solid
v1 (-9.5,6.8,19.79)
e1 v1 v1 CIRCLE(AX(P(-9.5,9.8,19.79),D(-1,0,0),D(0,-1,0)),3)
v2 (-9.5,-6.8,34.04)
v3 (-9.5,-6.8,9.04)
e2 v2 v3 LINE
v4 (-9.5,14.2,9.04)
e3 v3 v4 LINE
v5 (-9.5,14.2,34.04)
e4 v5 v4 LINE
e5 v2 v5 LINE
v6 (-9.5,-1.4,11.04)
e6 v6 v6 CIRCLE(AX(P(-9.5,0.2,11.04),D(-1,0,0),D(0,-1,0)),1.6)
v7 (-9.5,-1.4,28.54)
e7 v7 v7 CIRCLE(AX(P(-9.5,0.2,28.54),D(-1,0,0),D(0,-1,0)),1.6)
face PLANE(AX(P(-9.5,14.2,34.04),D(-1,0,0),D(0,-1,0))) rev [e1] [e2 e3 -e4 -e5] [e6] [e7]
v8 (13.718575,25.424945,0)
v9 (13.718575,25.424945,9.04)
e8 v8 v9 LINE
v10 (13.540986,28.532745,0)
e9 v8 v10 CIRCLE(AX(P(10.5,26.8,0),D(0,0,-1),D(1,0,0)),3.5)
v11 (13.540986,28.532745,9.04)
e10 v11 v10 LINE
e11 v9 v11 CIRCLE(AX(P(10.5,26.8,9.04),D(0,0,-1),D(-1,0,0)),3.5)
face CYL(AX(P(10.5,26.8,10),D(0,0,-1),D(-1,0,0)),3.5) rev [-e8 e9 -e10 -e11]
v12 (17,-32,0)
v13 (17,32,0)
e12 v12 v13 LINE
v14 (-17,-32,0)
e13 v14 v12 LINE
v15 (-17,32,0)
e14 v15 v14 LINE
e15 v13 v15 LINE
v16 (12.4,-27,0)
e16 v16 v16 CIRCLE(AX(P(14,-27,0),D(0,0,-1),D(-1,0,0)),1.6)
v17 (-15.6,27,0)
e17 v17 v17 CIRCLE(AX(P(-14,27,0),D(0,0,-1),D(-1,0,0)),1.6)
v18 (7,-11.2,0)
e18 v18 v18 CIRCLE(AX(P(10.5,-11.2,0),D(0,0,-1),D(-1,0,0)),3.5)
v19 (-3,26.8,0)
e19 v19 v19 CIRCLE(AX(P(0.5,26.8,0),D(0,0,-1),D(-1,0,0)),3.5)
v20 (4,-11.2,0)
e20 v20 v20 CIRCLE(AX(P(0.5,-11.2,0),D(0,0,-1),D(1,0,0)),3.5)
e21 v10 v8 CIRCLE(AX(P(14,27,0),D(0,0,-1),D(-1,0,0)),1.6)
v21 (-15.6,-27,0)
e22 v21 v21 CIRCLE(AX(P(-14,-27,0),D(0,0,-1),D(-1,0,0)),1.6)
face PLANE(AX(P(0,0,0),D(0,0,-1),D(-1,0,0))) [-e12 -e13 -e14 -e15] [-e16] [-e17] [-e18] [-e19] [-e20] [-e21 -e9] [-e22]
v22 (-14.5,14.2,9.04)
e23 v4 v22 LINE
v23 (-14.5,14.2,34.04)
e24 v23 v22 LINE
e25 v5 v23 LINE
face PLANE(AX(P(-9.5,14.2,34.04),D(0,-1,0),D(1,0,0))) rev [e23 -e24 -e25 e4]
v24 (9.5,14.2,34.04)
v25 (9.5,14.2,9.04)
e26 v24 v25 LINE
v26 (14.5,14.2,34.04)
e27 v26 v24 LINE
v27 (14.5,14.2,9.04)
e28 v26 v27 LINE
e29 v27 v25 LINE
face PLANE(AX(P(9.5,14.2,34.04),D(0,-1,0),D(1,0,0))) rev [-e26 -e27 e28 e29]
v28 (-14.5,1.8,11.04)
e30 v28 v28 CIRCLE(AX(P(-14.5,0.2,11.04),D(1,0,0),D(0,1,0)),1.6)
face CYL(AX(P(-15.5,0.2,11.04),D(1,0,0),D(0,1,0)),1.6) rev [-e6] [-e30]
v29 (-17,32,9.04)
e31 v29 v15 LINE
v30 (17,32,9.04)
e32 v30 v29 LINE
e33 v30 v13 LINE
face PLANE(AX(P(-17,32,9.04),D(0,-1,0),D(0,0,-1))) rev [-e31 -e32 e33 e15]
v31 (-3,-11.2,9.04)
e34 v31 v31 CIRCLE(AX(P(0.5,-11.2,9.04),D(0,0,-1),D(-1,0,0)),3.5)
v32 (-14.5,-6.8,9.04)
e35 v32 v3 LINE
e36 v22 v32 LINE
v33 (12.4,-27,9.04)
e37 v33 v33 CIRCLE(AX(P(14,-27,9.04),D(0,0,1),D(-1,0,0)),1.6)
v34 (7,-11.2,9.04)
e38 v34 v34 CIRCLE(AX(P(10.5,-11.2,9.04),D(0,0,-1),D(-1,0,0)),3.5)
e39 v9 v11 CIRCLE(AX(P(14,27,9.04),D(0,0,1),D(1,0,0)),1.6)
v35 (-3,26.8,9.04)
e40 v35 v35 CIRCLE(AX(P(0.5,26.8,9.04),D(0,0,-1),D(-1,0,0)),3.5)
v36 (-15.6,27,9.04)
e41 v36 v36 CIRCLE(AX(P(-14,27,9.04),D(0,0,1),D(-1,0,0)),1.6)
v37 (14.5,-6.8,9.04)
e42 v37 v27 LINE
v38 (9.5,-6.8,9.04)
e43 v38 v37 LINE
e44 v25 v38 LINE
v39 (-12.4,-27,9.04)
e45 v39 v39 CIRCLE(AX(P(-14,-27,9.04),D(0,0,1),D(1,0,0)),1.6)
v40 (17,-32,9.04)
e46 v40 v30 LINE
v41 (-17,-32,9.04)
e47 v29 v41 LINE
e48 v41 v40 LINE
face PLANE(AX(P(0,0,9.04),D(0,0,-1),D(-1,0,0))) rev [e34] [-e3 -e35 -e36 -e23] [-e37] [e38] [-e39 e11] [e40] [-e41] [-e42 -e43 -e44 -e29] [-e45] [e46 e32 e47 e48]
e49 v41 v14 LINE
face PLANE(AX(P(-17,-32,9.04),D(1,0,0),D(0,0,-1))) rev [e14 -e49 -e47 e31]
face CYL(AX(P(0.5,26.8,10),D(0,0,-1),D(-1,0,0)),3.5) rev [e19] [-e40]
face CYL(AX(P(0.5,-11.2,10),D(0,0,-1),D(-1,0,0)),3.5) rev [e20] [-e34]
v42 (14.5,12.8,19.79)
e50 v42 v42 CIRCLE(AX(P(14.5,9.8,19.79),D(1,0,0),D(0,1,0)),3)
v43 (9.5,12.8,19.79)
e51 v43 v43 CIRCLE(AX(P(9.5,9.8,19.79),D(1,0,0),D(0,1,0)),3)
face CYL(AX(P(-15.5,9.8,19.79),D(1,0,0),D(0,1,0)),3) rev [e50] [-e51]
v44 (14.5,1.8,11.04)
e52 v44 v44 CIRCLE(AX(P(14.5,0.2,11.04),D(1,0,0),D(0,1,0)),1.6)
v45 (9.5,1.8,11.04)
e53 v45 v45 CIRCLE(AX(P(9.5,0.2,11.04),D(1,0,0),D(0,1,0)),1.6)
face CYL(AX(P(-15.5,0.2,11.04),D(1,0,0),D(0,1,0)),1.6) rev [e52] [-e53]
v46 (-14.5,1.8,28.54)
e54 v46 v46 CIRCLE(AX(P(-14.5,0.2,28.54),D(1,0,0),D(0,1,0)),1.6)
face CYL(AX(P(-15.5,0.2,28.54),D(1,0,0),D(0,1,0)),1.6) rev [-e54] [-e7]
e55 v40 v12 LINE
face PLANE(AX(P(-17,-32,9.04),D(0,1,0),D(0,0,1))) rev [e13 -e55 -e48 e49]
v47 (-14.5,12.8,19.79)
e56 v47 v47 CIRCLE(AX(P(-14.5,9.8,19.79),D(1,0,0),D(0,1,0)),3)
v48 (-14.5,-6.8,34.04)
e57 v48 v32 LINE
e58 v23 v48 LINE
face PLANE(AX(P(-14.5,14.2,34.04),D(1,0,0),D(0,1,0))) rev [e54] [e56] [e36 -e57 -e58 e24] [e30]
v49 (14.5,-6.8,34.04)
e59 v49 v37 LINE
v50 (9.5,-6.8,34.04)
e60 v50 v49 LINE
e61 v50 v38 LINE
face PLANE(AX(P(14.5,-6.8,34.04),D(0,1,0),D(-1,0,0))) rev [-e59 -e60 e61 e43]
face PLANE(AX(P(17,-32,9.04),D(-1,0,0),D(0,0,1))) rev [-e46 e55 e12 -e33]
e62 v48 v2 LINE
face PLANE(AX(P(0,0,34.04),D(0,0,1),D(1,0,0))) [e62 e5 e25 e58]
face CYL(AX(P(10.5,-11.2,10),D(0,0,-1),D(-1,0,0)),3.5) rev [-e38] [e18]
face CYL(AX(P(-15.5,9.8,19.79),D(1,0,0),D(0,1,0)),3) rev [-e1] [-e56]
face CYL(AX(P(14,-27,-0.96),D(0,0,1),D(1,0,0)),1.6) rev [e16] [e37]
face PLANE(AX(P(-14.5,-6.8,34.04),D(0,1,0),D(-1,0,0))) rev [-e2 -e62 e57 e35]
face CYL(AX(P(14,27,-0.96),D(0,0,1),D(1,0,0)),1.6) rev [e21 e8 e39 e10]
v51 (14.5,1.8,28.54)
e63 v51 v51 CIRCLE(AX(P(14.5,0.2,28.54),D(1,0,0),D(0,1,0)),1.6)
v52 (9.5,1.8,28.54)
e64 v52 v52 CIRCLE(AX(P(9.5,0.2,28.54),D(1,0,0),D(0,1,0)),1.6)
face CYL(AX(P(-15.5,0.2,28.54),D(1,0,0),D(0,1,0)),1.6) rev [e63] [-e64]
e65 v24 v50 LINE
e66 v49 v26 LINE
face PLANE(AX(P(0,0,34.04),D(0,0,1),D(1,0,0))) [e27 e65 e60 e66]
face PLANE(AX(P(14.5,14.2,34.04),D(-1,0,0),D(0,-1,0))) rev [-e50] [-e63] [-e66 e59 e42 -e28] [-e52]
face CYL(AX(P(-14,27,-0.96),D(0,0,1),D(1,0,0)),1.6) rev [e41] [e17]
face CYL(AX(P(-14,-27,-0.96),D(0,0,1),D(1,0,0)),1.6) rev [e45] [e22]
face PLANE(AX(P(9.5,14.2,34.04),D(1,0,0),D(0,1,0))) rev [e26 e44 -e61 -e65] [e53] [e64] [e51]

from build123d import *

# Parameters (mm, degrees)
SKETCH1_W           = 34
SKETCH1_H           = 64
BOSS_EXTRUDE1_DEPTH = 9.04
SKETCH2_W           = 5
SKETCH2_H           = 21
BOSS_EXTRUDE2_DEPTH = 25
SKETCH3_R           = 1.6
SKETCH3_R_2         = 3
CUT_EXTRUDE1_DEPTH  = 30
SKETCH4_R           = 1.6
CUT_EXTRUDE2_DEPTH  = 10
SKETCH5_R           = 3.5
CUT_EXTRUDE3_DEPTH  = 10


with BuildPart() as part:
    # Sketch1 → Boss-Extrude1 (new body)
    with BuildSketch(Plane.XY):
        Rectangle(SKETCH1_W, SKETCH1_H)
    extrude(amount=BOSS_EXTRUDE1_DEPTH)

    # Sketch2 → Boss-Extrude2 (add)
    with BuildSketch(Plane.XY.offset(9.04)):
        with Locations((12, 3.7)):
            Rectangle(SKETCH2_W, SKETCH2_H)
        with Locations((-12, 3.7)):
            Rectangle(SKETCH2_W, SKETCH2_H)
    extrude(amount=BOSS_EXTRUDE2_DEPTH)

    # Sketch3 → Cut-Extrude1 (cut)
    with BuildSketch(Plane(origin=(14.5, 0, 0), x_dir=(0, 0, -1), z_dir=(1, 0, 0))):
        with Locations((-28.54, 0.2)):
            Circle(SKETCH3_R)
        with Locations((-11.04, 0.2)):
            Circle(SKETCH3_R)
        with Locations((-19.79, 9.8)):
            Circle(SKETCH3_R_2)
    extrude(amount=-CUT_EXTRUDE1_DEPTH, mode=Mode.SUBTRACT)

    # Sketch4 → Cut-Extrude2 (cut)
    with BuildSketch(Plane.XY.offset(9.04)):
        with Locations((-14, -27)):
            Circle(SKETCH4_R)
        with Locations((-14, 27)):
            Circle(SKETCH4_R)
        with Locations((14, -27)):
            Circle(SKETCH4_R)
        with Locations((14, 27)):
            Circle(SKETCH4_R)
    extrude(amount=-CUT_EXTRUDE2_DEPTH, mode=Mode.SUBTRACT)

    # Sketch5 → Cut-Extrude3 (cut)
    with BuildSketch(Plane(origin=(0, 0, 0), x_dir=(-1, 0, 0), z_dir=(0, 0, -1))):
        with Locations((-0.5, 26.8)):
            Circle(SKETCH5_R)
        with Locations((-10.5, 26.8)):
            Circle(SKETCH5_R)
        with Locations((-0.5, -11.2)):
            Circle(SKETCH5_R)
        with Locations((-10.5, -11.2)):
            Circle(SKETCH5_R)
    extrude(amount=-CUT_EXTRUDE3_DEPTH, mode=Mode.SUBTRACT)


solid = part.part
